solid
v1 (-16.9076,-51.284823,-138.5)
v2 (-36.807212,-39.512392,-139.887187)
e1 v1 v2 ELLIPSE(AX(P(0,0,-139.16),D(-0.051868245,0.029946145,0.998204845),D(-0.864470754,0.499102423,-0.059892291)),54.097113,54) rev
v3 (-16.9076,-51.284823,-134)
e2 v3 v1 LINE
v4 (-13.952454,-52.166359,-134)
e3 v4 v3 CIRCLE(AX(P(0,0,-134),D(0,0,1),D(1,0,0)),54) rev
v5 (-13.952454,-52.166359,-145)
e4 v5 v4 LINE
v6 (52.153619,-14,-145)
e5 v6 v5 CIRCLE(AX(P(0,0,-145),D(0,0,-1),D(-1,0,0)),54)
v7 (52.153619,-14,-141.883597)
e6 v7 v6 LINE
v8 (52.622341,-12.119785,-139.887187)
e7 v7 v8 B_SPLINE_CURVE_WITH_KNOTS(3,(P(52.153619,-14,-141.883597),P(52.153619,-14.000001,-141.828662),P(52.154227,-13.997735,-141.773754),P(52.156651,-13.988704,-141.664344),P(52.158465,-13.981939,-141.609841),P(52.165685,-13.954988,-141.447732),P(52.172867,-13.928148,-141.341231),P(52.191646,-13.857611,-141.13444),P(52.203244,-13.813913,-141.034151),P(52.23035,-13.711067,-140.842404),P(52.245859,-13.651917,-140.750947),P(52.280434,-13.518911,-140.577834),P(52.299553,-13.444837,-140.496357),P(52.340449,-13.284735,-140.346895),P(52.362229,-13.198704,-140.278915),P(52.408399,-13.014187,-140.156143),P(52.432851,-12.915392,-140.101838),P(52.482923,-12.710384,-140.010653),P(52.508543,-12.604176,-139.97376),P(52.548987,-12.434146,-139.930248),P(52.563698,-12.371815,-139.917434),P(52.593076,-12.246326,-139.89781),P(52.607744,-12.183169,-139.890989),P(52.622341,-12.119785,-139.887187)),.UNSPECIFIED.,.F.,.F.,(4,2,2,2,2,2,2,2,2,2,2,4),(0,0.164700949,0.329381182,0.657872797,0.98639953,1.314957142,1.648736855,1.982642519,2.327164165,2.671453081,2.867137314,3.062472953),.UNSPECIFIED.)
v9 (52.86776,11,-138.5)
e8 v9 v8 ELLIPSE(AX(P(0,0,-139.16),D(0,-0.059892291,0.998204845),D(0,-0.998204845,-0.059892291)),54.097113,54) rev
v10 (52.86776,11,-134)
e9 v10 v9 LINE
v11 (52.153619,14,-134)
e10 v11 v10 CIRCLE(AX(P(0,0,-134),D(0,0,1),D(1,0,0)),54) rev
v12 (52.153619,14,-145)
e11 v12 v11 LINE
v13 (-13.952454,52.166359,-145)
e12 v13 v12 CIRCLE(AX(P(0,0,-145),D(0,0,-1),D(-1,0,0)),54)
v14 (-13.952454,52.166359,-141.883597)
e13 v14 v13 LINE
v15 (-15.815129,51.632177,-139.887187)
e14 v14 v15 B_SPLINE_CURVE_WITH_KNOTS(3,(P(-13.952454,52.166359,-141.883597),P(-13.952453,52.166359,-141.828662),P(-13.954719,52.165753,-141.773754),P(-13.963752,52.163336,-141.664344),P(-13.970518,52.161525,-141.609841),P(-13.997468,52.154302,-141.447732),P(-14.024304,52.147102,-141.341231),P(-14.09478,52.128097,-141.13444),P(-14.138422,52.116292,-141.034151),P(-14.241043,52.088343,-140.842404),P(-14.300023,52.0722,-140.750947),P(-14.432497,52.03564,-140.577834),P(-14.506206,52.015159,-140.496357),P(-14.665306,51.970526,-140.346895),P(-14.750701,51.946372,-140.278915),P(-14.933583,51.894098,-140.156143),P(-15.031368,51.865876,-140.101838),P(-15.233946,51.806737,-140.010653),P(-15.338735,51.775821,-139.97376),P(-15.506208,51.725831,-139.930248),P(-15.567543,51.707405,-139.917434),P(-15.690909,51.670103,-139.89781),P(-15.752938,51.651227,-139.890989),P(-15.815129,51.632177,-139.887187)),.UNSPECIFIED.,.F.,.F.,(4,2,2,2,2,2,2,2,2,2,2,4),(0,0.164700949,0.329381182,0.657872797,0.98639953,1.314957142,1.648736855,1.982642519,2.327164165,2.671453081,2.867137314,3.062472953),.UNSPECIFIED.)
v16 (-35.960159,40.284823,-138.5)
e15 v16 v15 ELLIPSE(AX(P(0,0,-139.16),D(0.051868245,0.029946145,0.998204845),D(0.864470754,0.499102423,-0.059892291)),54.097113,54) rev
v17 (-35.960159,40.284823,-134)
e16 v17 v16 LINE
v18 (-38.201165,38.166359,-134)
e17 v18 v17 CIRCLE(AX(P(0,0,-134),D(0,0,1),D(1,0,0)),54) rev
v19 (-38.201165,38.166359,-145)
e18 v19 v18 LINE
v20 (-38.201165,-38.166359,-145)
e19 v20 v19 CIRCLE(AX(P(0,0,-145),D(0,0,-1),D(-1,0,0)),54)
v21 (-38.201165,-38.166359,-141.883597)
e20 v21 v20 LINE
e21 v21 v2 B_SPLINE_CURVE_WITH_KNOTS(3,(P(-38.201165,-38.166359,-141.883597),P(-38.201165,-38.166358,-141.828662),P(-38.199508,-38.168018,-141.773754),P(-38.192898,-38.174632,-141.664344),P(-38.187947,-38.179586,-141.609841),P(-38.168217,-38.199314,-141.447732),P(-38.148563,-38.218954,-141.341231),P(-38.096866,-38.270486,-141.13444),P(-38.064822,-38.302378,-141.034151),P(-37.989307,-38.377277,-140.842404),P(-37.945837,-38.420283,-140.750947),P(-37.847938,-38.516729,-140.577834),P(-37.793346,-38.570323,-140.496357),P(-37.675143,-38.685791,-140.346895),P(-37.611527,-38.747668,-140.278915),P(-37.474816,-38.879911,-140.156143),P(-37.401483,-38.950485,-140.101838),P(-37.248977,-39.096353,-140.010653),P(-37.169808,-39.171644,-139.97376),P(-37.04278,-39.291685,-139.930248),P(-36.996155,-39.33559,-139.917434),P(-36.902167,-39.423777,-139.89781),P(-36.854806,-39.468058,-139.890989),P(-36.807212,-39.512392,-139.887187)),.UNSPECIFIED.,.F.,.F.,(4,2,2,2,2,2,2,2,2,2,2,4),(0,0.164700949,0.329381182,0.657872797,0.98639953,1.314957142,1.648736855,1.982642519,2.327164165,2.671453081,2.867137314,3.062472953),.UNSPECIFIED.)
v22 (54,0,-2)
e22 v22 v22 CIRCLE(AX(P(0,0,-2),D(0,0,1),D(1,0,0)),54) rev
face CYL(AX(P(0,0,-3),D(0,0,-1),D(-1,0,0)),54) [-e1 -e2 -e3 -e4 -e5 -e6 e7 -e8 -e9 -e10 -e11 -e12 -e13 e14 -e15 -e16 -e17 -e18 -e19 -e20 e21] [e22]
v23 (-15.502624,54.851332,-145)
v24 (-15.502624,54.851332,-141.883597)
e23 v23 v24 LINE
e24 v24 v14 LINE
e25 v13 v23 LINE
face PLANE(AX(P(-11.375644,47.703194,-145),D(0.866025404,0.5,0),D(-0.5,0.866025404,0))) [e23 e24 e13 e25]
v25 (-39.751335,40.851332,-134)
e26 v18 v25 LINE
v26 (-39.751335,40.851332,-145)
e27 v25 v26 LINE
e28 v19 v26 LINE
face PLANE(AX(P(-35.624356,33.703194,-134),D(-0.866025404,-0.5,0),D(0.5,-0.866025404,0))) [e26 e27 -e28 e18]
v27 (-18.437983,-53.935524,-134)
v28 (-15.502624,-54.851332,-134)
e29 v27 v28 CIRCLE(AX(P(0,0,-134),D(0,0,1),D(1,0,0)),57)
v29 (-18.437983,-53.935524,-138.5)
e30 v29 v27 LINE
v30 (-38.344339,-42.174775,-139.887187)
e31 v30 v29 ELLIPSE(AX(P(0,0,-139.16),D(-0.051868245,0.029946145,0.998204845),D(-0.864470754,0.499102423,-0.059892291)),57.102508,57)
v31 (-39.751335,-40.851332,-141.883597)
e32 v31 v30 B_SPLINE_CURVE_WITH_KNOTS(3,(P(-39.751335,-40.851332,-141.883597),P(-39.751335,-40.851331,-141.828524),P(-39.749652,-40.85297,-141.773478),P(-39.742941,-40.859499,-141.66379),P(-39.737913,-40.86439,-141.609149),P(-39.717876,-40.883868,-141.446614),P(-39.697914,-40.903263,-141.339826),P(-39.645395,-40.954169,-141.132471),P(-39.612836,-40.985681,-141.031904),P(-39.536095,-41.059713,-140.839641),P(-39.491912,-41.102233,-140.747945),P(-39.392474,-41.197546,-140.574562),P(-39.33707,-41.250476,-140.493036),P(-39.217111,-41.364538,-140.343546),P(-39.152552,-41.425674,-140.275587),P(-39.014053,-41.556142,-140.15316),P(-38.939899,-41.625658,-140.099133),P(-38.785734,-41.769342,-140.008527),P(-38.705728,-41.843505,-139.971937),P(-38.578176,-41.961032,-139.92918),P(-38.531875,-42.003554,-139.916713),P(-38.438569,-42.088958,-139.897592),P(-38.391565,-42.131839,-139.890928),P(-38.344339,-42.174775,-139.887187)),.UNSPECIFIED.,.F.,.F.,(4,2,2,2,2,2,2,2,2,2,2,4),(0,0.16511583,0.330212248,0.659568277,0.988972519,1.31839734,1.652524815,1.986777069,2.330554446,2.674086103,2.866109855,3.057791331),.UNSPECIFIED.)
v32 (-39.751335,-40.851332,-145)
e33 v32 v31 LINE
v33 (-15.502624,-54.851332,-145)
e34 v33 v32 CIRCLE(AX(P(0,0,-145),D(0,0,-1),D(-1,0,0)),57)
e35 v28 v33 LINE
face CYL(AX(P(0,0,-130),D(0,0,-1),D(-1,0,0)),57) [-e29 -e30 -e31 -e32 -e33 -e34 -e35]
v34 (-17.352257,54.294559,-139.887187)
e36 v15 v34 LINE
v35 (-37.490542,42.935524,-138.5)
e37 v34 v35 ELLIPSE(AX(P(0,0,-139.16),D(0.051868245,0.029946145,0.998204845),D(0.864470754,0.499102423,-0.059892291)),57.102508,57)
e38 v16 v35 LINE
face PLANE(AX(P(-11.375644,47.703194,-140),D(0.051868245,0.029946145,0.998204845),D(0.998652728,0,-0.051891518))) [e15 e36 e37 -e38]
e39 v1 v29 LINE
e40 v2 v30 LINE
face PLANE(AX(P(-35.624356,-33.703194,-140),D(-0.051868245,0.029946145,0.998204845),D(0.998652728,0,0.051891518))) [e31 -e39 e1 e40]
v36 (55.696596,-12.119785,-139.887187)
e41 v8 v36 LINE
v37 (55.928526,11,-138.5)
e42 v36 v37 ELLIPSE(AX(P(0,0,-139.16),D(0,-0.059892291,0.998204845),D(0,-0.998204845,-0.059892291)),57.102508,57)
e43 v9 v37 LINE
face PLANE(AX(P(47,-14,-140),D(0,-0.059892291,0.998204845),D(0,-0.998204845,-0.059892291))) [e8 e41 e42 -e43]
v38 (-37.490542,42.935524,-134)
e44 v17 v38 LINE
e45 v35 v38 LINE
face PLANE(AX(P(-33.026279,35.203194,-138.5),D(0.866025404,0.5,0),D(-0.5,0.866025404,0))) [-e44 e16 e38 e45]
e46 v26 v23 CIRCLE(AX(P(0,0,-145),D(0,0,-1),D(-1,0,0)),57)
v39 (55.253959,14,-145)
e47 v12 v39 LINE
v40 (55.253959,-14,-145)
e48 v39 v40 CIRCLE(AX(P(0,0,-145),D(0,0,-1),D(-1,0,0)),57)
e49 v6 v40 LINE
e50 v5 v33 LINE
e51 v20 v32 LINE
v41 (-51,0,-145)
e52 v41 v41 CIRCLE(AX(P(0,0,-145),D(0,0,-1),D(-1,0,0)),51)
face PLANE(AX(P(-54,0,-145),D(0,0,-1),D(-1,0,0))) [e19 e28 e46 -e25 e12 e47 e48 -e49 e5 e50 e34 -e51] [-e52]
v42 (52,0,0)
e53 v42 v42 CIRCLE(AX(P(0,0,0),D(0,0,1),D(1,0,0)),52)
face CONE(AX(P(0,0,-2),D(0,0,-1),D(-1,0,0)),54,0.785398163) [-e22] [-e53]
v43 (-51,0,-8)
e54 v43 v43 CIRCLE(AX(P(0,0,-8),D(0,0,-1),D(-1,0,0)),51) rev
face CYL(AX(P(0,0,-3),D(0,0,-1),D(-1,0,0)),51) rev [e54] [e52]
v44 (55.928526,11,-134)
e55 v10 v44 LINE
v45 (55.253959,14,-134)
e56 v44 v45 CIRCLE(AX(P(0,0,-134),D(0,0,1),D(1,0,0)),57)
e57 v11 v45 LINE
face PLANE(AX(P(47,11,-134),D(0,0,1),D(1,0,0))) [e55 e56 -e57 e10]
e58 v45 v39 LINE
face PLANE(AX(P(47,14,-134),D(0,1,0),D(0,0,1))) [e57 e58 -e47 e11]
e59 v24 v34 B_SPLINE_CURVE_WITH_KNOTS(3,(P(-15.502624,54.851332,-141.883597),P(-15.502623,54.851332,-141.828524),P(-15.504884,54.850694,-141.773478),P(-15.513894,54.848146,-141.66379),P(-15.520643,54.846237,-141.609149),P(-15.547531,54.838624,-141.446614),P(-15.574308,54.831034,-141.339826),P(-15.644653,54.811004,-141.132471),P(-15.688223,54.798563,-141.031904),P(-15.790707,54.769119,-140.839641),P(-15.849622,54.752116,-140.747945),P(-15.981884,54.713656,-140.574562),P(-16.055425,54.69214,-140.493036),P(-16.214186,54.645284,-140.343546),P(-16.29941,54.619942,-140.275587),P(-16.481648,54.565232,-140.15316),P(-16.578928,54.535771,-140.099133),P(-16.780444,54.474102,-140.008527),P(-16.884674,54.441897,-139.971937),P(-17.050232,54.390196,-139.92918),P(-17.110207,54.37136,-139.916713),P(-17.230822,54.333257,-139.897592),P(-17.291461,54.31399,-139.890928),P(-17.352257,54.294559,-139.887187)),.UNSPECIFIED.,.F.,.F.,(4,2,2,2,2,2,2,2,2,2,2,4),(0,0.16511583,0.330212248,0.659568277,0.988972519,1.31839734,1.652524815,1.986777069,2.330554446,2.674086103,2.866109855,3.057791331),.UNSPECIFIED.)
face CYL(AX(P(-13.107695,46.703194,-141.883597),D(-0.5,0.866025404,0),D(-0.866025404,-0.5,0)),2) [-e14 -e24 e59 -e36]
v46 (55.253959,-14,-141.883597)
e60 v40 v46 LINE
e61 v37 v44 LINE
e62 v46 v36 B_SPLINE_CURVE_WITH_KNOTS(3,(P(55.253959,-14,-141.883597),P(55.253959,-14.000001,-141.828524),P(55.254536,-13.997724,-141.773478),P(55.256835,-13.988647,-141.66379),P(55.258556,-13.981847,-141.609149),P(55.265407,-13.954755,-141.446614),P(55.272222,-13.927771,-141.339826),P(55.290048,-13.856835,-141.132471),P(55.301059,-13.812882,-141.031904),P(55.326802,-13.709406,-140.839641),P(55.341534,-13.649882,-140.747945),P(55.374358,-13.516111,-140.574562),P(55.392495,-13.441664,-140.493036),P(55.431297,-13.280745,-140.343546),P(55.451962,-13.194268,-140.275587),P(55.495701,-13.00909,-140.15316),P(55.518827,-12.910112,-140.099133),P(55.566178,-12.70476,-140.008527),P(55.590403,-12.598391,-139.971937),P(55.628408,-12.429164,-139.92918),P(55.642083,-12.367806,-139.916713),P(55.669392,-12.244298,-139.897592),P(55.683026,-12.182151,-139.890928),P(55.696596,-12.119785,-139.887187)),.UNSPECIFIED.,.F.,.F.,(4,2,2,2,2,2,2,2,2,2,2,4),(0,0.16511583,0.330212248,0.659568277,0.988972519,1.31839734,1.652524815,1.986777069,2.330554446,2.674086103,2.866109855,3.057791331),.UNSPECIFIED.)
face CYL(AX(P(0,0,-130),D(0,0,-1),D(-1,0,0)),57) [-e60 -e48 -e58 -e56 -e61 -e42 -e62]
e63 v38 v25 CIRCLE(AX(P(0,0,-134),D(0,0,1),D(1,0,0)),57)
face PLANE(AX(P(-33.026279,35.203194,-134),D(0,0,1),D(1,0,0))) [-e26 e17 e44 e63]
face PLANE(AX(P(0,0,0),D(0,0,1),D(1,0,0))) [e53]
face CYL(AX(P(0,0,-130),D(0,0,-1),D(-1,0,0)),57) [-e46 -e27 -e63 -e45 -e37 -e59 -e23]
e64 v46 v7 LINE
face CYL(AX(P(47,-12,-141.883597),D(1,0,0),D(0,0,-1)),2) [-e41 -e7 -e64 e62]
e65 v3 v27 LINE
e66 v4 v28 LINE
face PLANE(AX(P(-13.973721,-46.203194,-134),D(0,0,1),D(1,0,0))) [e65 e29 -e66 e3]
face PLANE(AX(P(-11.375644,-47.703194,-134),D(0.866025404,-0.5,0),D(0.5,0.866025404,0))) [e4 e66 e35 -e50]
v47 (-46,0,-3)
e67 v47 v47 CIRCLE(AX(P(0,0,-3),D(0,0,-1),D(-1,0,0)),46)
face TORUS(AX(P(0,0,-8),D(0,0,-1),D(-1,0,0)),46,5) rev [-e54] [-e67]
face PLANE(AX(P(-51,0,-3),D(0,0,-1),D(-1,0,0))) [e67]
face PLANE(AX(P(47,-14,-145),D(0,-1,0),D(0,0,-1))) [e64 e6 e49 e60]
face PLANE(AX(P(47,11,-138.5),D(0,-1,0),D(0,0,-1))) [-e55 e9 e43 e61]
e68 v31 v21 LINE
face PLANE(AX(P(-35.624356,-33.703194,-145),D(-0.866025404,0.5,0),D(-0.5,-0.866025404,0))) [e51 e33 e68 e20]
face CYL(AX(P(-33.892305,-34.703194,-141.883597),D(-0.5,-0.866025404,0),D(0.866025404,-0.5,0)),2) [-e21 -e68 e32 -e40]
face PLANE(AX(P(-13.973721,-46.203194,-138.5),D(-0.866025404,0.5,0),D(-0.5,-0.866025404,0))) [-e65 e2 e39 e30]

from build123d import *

# Parameters (mm, degrees)
EXTRUDE_1_DEPTH                  = 10
FILLET_1_R                       = 2
PATTERN_CIRCULAR_2_COUNT         = 3
FILLET_1_OF_PATTERN_CIRCULAR_2_R = 2
CUT_EXTRUDE_START                = -15
SKETCH_3_R                       = 51
CUT_EXTRUDE_1_DEPTH              = 15
SKETCH_4_R                       = 62.618720145
SKETCH_4_R_2                     = 57
CUT_EXTRUDE_2_DEPTH              = 15
CHAMFER_1_SIZE                   = 2
FILLET_2_R                       = 5


with BuildPart() as part:
    # Эскиз1 → Повернуть1 (revolve)
    with BuildSketch(Plane(origin=(0, 0, 0), x_dir=(1, 0, 0), z_dir=(0, 1, 0))):
        Polygon((0, 0), (-54, 0), (-54, 145), (-51, 145), (-51, 3), (0, 3), align=None)
    revolve(axis=Axis((0, 0, -3), (0, 0, 1)))

    # Эскиз2 → Бобышка-Вытянуть1 (add)
    with BuildSketch(Plane(origin=(57, 0, 0), x_dir=(0, 0, -1), z_dir=(1, 0, 0))):
        Polygon((145, 14), (145, -14), (140, -14), (138.5, 11), (134, 11), (134, 14), align=None)
    extrude_1 = extrude(amount=-EXTRUDE_1_DEPTH)

    # Скругление1
    fillet_1_edges = [part.edges().sort_by_distance(p)[0] for p in [
        (54.576809621, -14, -140),
    ]]
    fillet(fillet_1_edges, radius=FILLET_1_R)

    # Круговой массив2: Бобышка-Вытянуть1 ×3 about axis
    pattern_circular_2_axis = Axis((0, 0, 0), (0, 0, 1))
    for i in range(1, PATTERN_CIRCULAR_2_COUNT):
        add(extrude_1.rotate(pattern_circular_2_axis, i * 360 / PATTERN_CIRCULAR_2_COUNT))

    # Скругление1 of Круговой массив2
    fillet_1_of_pattern_circular_2_edges = [part.edges().sort_by_distance(p)[0] for p in [
        (-15.164049157, 54.264903589, -140),
        (-39.412760463, -40.264903589, -140),
    ]]
    fillet(fillet_1_of_pattern_circular_2_edges, radius=FILLET_1_OF_PATTERN_CIRCULAR_2_R)

    # Эскиз3 → Вырез-Вытянуть1 (cut)
    with BuildSketch(Plane(origin=(0, 0, -145), x_dir=(-1, 0, 0), z_dir=(0, 0, -1)).offset(CUT_EXTRUDE_START)):
        Circle(SKETCH_3_R)
    extrude(amount=CUT_EXTRUDE_1_DEPTH, mode=Mode.SUBTRACT)

    # Эскиз4 → Вырез-Вытянуть2 (cut)
    with BuildSketch(Plane(origin=(0, 0, -145), x_dir=(-1, 0, 0), z_dir=(0, 0, -1))):
        Circle(SKETCH_4_R)
        Circle(SKETCH_4_R_2, mode=Mode.SUBTRACT)
    extrude(amount=-CUT_EXTRUDE_2_DEPTH, mode=Mode.SUBTRACT)

    # Фаска1
    chamfer_1_edges = [part.edges().sort_by_distance(p)[0] for p in [
        (54, 0, 0),
    ]]
    chamfer(chamfer_1_edges, length=CHAMFER_1_SIZE)

    # Скругление2
    fillet_2_edges = [part.edges().sort_by_distance(p)[0] for p in [
        (51, 0, -3),
    ]]
    fillet(fillet_2_edges, radius=FILLET_2_R)


solid = part.part
